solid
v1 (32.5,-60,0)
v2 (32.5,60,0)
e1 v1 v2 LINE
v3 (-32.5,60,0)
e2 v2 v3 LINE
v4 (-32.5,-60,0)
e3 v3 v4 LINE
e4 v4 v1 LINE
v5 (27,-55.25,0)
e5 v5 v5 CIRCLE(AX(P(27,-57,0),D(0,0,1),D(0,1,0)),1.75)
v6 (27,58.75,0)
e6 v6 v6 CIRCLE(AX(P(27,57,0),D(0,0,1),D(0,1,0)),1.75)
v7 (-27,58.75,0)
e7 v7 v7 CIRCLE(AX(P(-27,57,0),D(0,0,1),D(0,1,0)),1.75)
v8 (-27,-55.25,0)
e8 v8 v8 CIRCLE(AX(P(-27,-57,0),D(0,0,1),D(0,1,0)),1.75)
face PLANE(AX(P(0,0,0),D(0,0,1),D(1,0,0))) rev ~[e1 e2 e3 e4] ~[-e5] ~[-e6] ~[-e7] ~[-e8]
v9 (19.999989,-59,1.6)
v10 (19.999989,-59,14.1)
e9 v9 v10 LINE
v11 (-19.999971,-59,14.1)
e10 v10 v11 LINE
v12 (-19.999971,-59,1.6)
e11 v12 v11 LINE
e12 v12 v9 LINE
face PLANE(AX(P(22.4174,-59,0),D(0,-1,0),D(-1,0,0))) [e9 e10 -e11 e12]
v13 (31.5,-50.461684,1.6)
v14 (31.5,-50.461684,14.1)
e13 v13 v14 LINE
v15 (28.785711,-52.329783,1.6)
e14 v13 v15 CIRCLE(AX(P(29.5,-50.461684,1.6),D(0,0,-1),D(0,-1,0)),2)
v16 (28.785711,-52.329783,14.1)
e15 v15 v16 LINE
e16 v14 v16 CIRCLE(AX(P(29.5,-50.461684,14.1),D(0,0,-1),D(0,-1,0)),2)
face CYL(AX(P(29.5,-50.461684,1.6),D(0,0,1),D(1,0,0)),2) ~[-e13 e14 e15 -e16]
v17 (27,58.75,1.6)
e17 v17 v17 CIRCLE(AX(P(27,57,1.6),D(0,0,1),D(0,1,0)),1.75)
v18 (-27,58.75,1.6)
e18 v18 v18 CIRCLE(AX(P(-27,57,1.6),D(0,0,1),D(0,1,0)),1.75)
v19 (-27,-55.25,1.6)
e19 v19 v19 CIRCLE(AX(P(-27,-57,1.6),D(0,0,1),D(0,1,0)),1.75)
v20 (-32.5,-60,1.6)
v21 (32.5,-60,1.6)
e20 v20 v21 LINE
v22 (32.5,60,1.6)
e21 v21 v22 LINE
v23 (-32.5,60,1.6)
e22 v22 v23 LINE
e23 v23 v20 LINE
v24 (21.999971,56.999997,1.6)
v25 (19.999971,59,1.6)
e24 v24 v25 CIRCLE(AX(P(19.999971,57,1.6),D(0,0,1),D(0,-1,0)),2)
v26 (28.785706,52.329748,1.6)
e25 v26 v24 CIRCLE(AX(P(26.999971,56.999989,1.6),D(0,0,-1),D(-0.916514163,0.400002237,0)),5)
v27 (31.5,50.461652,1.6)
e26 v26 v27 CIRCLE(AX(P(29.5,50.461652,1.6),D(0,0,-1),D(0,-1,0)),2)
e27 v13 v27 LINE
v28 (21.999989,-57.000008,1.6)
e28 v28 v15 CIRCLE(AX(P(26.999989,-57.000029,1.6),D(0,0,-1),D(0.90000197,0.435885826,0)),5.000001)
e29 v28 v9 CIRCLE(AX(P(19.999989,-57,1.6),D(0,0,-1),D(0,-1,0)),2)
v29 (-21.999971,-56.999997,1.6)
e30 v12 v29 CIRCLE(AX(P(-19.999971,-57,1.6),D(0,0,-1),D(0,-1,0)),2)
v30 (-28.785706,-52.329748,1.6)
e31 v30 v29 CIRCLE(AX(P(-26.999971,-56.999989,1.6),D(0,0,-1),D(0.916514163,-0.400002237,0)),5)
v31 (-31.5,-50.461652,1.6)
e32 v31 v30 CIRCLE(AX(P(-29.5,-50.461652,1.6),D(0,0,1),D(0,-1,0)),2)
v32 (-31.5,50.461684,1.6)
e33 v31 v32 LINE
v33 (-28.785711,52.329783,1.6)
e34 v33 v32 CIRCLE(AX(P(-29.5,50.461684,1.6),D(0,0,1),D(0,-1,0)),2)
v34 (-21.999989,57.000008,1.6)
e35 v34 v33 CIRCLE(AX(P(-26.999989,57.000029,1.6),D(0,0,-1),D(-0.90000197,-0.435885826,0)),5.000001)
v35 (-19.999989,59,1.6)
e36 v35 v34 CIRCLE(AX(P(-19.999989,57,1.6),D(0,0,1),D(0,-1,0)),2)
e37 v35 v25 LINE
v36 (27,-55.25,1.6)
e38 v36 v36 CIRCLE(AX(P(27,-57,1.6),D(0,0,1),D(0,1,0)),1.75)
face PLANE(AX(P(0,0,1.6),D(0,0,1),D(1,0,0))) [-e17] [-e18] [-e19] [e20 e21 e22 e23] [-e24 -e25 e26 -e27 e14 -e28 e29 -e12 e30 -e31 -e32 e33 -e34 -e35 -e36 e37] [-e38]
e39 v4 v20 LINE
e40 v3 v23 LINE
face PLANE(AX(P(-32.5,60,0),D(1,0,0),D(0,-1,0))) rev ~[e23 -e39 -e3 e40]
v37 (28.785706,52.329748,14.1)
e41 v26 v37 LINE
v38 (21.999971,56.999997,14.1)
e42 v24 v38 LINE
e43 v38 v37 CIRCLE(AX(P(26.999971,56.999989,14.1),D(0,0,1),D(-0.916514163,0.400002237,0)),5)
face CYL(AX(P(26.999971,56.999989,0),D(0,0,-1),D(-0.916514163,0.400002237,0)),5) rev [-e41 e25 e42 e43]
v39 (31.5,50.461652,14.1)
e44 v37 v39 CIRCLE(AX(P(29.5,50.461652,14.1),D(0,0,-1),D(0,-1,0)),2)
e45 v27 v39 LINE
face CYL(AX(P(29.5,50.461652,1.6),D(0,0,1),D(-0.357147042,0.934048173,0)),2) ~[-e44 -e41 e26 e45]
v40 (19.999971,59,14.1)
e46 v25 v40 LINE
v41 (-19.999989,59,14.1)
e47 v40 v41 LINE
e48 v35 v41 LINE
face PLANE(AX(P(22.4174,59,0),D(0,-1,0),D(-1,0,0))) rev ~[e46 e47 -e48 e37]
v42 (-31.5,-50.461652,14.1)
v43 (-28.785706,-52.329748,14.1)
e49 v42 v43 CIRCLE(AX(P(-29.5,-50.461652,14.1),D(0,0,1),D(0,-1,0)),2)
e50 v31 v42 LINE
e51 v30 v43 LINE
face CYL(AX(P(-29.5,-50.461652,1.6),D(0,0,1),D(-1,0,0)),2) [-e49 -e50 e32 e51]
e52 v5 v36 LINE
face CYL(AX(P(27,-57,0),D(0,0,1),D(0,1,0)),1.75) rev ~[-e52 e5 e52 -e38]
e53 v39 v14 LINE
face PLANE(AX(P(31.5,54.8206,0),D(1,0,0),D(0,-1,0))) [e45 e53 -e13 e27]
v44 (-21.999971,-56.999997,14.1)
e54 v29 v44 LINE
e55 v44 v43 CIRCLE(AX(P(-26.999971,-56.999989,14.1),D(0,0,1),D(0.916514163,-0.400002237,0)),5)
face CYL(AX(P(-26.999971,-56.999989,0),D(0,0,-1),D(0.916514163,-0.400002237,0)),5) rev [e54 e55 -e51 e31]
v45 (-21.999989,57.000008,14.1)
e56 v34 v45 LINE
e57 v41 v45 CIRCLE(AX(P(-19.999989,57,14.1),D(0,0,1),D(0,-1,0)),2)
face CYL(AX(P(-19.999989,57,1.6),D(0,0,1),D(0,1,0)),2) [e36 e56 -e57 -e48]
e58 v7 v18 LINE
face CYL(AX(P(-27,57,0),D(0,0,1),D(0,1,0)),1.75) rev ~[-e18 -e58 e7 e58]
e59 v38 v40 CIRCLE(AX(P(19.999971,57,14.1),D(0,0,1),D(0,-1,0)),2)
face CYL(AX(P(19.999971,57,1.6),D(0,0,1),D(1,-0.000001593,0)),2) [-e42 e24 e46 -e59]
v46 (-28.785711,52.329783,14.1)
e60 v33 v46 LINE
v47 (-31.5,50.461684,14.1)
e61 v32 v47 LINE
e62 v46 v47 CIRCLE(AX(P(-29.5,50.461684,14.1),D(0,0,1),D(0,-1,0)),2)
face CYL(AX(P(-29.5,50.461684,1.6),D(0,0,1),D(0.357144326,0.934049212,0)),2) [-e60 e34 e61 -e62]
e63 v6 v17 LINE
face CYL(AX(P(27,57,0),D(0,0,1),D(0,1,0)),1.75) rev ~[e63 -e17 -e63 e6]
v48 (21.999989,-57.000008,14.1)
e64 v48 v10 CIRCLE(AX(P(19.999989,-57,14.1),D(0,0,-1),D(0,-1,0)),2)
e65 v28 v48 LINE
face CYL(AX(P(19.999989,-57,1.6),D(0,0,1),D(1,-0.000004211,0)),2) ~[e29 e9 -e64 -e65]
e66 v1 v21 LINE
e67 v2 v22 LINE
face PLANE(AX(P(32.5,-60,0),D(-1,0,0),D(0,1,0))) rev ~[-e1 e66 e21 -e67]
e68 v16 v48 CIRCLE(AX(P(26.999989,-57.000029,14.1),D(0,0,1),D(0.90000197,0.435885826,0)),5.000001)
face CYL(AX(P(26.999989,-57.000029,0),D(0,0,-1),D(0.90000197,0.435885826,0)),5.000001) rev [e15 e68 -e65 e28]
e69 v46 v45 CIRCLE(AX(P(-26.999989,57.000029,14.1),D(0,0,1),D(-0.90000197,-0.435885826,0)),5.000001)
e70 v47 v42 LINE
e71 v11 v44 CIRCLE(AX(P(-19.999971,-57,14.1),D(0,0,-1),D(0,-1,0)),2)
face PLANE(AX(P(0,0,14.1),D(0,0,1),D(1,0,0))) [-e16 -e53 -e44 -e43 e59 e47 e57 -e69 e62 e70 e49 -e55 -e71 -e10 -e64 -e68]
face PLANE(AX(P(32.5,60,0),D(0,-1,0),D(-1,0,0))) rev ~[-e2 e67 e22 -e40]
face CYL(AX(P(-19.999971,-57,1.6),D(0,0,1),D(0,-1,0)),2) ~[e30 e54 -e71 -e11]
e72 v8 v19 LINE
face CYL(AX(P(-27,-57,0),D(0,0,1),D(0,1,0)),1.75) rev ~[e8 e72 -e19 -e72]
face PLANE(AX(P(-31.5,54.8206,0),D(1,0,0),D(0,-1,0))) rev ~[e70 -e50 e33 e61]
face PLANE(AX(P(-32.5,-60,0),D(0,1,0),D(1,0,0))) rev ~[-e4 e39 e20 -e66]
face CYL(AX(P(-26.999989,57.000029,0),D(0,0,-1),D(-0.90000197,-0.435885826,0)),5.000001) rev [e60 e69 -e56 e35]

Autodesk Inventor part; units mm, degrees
ref_plane "YZ Plane" through (0, 0, 0) normal (1, 0, 0) x (0, 1, 0)
ref_plane "XZ Plane" through (0, 0, 0) normal (0, 1, 0) x (-1, 0, 0)
ref_plane "XY Plane" through (0, 0, 0) normal (0, 0, 1) x (1, 0, 0)
sketch "Sketch1" plane through (0, 0, 0) normal (0, 0, 1) x (1, 0, 0)
  line L0 (32.5, 60) -> (-32.5, 60)
  line L1 (-32.5, 60) -> (-32.5, -60)
  line L2 (-32.5, -60) -> (32.5, -60)
  line L3 (32.5, -60) -> (32.5, 60)
  line L4 (32.5, 60) -> (-32.5, -60) construction
  line L5 (-32.5, 60) -> (32.5, -60) construction
  line L6 (-27, 57) -> (27, 57) construction
  line L7 (27, 57) -> (27, -57) construction
  line L8 (27, -57) -> (-27, -57) construction
  line L9 (-27, -57) -> (-27, 57) construction
  line L10 (-27, 57) -> (27, -57) construction
  line L11 (27, 57) -> (-27, -57) construction
  arc A0 (22.4174, 59) -> (31.5, 54.8206) centre (27, 57) ccw
  line L12 (31.5, 54.8206) -> (31.5, -54.8206)
  line L13 (22.4174, 59) -> (-22.4174, 59)
  line L14 (32.5, 0) -> (-32.5, 0) construction
  line L15 (0, 60) -> (0, -60) construction
  arc A1 (31.5, -54.8206) -> (22.4174, -59) centre (27, -57) ccw
  line L16 (22.4174, -59) -> (-22.4174, -59)
  arc A2 (-31.5, 54.8206) -> (-22.4174, 59) centre (-27, 57) ccw
  line L17 (-31.5, 54.8206) -> (-31.5, -54.8206)
  arc A3 (-22.4174, -59) -> (-31.5, -54.8206) centre (-27, -57) ccw
  point P0 (0, 0)
  dimension "d0" = 65
  dimension "d1" = 120
  dimension "d2" = 5.5
  dimension "d3" = 3
  dimension "d4" = 1
  dimension "d5" = 1
  dimension "d6" = 5
extrude "Extrusion1" add sketch "Sketch1" along normal blind 1.6 contours L3 L2 L1 L0 | A0 L12 A1 L16 A3 L17 A2 L13
extrude "Extrusion2" add sketch "Sketch1" along normal blind 14.1 contours A0 L12 A1 L16 A3 L17 A2 L13
hole "Hole1" at (27, 57, 0) at (-27, 57, 0) at (-27, -57, 0) at (27, -57, 0) direction (0, 0, 1) diameter 3.5 end through all
fillet "Fillet1" radius 2 8 edges at (-22.4174, 59, 7.85) (-31.5, 54.8206, 7.85) (22.4174, 59, 7.85) (31.5, 54.8206, 7.85) (31.5, -54.8206, 7.85) (22.4174, -59, 7.85) (-22.4174, -59, 7.85) (-31.5, -54.8206, 7.85)
equation "\"d5\" = d4"
properties part number "SUSTAINA-CORE-BOARD" material "Acetal Resin, Black"
